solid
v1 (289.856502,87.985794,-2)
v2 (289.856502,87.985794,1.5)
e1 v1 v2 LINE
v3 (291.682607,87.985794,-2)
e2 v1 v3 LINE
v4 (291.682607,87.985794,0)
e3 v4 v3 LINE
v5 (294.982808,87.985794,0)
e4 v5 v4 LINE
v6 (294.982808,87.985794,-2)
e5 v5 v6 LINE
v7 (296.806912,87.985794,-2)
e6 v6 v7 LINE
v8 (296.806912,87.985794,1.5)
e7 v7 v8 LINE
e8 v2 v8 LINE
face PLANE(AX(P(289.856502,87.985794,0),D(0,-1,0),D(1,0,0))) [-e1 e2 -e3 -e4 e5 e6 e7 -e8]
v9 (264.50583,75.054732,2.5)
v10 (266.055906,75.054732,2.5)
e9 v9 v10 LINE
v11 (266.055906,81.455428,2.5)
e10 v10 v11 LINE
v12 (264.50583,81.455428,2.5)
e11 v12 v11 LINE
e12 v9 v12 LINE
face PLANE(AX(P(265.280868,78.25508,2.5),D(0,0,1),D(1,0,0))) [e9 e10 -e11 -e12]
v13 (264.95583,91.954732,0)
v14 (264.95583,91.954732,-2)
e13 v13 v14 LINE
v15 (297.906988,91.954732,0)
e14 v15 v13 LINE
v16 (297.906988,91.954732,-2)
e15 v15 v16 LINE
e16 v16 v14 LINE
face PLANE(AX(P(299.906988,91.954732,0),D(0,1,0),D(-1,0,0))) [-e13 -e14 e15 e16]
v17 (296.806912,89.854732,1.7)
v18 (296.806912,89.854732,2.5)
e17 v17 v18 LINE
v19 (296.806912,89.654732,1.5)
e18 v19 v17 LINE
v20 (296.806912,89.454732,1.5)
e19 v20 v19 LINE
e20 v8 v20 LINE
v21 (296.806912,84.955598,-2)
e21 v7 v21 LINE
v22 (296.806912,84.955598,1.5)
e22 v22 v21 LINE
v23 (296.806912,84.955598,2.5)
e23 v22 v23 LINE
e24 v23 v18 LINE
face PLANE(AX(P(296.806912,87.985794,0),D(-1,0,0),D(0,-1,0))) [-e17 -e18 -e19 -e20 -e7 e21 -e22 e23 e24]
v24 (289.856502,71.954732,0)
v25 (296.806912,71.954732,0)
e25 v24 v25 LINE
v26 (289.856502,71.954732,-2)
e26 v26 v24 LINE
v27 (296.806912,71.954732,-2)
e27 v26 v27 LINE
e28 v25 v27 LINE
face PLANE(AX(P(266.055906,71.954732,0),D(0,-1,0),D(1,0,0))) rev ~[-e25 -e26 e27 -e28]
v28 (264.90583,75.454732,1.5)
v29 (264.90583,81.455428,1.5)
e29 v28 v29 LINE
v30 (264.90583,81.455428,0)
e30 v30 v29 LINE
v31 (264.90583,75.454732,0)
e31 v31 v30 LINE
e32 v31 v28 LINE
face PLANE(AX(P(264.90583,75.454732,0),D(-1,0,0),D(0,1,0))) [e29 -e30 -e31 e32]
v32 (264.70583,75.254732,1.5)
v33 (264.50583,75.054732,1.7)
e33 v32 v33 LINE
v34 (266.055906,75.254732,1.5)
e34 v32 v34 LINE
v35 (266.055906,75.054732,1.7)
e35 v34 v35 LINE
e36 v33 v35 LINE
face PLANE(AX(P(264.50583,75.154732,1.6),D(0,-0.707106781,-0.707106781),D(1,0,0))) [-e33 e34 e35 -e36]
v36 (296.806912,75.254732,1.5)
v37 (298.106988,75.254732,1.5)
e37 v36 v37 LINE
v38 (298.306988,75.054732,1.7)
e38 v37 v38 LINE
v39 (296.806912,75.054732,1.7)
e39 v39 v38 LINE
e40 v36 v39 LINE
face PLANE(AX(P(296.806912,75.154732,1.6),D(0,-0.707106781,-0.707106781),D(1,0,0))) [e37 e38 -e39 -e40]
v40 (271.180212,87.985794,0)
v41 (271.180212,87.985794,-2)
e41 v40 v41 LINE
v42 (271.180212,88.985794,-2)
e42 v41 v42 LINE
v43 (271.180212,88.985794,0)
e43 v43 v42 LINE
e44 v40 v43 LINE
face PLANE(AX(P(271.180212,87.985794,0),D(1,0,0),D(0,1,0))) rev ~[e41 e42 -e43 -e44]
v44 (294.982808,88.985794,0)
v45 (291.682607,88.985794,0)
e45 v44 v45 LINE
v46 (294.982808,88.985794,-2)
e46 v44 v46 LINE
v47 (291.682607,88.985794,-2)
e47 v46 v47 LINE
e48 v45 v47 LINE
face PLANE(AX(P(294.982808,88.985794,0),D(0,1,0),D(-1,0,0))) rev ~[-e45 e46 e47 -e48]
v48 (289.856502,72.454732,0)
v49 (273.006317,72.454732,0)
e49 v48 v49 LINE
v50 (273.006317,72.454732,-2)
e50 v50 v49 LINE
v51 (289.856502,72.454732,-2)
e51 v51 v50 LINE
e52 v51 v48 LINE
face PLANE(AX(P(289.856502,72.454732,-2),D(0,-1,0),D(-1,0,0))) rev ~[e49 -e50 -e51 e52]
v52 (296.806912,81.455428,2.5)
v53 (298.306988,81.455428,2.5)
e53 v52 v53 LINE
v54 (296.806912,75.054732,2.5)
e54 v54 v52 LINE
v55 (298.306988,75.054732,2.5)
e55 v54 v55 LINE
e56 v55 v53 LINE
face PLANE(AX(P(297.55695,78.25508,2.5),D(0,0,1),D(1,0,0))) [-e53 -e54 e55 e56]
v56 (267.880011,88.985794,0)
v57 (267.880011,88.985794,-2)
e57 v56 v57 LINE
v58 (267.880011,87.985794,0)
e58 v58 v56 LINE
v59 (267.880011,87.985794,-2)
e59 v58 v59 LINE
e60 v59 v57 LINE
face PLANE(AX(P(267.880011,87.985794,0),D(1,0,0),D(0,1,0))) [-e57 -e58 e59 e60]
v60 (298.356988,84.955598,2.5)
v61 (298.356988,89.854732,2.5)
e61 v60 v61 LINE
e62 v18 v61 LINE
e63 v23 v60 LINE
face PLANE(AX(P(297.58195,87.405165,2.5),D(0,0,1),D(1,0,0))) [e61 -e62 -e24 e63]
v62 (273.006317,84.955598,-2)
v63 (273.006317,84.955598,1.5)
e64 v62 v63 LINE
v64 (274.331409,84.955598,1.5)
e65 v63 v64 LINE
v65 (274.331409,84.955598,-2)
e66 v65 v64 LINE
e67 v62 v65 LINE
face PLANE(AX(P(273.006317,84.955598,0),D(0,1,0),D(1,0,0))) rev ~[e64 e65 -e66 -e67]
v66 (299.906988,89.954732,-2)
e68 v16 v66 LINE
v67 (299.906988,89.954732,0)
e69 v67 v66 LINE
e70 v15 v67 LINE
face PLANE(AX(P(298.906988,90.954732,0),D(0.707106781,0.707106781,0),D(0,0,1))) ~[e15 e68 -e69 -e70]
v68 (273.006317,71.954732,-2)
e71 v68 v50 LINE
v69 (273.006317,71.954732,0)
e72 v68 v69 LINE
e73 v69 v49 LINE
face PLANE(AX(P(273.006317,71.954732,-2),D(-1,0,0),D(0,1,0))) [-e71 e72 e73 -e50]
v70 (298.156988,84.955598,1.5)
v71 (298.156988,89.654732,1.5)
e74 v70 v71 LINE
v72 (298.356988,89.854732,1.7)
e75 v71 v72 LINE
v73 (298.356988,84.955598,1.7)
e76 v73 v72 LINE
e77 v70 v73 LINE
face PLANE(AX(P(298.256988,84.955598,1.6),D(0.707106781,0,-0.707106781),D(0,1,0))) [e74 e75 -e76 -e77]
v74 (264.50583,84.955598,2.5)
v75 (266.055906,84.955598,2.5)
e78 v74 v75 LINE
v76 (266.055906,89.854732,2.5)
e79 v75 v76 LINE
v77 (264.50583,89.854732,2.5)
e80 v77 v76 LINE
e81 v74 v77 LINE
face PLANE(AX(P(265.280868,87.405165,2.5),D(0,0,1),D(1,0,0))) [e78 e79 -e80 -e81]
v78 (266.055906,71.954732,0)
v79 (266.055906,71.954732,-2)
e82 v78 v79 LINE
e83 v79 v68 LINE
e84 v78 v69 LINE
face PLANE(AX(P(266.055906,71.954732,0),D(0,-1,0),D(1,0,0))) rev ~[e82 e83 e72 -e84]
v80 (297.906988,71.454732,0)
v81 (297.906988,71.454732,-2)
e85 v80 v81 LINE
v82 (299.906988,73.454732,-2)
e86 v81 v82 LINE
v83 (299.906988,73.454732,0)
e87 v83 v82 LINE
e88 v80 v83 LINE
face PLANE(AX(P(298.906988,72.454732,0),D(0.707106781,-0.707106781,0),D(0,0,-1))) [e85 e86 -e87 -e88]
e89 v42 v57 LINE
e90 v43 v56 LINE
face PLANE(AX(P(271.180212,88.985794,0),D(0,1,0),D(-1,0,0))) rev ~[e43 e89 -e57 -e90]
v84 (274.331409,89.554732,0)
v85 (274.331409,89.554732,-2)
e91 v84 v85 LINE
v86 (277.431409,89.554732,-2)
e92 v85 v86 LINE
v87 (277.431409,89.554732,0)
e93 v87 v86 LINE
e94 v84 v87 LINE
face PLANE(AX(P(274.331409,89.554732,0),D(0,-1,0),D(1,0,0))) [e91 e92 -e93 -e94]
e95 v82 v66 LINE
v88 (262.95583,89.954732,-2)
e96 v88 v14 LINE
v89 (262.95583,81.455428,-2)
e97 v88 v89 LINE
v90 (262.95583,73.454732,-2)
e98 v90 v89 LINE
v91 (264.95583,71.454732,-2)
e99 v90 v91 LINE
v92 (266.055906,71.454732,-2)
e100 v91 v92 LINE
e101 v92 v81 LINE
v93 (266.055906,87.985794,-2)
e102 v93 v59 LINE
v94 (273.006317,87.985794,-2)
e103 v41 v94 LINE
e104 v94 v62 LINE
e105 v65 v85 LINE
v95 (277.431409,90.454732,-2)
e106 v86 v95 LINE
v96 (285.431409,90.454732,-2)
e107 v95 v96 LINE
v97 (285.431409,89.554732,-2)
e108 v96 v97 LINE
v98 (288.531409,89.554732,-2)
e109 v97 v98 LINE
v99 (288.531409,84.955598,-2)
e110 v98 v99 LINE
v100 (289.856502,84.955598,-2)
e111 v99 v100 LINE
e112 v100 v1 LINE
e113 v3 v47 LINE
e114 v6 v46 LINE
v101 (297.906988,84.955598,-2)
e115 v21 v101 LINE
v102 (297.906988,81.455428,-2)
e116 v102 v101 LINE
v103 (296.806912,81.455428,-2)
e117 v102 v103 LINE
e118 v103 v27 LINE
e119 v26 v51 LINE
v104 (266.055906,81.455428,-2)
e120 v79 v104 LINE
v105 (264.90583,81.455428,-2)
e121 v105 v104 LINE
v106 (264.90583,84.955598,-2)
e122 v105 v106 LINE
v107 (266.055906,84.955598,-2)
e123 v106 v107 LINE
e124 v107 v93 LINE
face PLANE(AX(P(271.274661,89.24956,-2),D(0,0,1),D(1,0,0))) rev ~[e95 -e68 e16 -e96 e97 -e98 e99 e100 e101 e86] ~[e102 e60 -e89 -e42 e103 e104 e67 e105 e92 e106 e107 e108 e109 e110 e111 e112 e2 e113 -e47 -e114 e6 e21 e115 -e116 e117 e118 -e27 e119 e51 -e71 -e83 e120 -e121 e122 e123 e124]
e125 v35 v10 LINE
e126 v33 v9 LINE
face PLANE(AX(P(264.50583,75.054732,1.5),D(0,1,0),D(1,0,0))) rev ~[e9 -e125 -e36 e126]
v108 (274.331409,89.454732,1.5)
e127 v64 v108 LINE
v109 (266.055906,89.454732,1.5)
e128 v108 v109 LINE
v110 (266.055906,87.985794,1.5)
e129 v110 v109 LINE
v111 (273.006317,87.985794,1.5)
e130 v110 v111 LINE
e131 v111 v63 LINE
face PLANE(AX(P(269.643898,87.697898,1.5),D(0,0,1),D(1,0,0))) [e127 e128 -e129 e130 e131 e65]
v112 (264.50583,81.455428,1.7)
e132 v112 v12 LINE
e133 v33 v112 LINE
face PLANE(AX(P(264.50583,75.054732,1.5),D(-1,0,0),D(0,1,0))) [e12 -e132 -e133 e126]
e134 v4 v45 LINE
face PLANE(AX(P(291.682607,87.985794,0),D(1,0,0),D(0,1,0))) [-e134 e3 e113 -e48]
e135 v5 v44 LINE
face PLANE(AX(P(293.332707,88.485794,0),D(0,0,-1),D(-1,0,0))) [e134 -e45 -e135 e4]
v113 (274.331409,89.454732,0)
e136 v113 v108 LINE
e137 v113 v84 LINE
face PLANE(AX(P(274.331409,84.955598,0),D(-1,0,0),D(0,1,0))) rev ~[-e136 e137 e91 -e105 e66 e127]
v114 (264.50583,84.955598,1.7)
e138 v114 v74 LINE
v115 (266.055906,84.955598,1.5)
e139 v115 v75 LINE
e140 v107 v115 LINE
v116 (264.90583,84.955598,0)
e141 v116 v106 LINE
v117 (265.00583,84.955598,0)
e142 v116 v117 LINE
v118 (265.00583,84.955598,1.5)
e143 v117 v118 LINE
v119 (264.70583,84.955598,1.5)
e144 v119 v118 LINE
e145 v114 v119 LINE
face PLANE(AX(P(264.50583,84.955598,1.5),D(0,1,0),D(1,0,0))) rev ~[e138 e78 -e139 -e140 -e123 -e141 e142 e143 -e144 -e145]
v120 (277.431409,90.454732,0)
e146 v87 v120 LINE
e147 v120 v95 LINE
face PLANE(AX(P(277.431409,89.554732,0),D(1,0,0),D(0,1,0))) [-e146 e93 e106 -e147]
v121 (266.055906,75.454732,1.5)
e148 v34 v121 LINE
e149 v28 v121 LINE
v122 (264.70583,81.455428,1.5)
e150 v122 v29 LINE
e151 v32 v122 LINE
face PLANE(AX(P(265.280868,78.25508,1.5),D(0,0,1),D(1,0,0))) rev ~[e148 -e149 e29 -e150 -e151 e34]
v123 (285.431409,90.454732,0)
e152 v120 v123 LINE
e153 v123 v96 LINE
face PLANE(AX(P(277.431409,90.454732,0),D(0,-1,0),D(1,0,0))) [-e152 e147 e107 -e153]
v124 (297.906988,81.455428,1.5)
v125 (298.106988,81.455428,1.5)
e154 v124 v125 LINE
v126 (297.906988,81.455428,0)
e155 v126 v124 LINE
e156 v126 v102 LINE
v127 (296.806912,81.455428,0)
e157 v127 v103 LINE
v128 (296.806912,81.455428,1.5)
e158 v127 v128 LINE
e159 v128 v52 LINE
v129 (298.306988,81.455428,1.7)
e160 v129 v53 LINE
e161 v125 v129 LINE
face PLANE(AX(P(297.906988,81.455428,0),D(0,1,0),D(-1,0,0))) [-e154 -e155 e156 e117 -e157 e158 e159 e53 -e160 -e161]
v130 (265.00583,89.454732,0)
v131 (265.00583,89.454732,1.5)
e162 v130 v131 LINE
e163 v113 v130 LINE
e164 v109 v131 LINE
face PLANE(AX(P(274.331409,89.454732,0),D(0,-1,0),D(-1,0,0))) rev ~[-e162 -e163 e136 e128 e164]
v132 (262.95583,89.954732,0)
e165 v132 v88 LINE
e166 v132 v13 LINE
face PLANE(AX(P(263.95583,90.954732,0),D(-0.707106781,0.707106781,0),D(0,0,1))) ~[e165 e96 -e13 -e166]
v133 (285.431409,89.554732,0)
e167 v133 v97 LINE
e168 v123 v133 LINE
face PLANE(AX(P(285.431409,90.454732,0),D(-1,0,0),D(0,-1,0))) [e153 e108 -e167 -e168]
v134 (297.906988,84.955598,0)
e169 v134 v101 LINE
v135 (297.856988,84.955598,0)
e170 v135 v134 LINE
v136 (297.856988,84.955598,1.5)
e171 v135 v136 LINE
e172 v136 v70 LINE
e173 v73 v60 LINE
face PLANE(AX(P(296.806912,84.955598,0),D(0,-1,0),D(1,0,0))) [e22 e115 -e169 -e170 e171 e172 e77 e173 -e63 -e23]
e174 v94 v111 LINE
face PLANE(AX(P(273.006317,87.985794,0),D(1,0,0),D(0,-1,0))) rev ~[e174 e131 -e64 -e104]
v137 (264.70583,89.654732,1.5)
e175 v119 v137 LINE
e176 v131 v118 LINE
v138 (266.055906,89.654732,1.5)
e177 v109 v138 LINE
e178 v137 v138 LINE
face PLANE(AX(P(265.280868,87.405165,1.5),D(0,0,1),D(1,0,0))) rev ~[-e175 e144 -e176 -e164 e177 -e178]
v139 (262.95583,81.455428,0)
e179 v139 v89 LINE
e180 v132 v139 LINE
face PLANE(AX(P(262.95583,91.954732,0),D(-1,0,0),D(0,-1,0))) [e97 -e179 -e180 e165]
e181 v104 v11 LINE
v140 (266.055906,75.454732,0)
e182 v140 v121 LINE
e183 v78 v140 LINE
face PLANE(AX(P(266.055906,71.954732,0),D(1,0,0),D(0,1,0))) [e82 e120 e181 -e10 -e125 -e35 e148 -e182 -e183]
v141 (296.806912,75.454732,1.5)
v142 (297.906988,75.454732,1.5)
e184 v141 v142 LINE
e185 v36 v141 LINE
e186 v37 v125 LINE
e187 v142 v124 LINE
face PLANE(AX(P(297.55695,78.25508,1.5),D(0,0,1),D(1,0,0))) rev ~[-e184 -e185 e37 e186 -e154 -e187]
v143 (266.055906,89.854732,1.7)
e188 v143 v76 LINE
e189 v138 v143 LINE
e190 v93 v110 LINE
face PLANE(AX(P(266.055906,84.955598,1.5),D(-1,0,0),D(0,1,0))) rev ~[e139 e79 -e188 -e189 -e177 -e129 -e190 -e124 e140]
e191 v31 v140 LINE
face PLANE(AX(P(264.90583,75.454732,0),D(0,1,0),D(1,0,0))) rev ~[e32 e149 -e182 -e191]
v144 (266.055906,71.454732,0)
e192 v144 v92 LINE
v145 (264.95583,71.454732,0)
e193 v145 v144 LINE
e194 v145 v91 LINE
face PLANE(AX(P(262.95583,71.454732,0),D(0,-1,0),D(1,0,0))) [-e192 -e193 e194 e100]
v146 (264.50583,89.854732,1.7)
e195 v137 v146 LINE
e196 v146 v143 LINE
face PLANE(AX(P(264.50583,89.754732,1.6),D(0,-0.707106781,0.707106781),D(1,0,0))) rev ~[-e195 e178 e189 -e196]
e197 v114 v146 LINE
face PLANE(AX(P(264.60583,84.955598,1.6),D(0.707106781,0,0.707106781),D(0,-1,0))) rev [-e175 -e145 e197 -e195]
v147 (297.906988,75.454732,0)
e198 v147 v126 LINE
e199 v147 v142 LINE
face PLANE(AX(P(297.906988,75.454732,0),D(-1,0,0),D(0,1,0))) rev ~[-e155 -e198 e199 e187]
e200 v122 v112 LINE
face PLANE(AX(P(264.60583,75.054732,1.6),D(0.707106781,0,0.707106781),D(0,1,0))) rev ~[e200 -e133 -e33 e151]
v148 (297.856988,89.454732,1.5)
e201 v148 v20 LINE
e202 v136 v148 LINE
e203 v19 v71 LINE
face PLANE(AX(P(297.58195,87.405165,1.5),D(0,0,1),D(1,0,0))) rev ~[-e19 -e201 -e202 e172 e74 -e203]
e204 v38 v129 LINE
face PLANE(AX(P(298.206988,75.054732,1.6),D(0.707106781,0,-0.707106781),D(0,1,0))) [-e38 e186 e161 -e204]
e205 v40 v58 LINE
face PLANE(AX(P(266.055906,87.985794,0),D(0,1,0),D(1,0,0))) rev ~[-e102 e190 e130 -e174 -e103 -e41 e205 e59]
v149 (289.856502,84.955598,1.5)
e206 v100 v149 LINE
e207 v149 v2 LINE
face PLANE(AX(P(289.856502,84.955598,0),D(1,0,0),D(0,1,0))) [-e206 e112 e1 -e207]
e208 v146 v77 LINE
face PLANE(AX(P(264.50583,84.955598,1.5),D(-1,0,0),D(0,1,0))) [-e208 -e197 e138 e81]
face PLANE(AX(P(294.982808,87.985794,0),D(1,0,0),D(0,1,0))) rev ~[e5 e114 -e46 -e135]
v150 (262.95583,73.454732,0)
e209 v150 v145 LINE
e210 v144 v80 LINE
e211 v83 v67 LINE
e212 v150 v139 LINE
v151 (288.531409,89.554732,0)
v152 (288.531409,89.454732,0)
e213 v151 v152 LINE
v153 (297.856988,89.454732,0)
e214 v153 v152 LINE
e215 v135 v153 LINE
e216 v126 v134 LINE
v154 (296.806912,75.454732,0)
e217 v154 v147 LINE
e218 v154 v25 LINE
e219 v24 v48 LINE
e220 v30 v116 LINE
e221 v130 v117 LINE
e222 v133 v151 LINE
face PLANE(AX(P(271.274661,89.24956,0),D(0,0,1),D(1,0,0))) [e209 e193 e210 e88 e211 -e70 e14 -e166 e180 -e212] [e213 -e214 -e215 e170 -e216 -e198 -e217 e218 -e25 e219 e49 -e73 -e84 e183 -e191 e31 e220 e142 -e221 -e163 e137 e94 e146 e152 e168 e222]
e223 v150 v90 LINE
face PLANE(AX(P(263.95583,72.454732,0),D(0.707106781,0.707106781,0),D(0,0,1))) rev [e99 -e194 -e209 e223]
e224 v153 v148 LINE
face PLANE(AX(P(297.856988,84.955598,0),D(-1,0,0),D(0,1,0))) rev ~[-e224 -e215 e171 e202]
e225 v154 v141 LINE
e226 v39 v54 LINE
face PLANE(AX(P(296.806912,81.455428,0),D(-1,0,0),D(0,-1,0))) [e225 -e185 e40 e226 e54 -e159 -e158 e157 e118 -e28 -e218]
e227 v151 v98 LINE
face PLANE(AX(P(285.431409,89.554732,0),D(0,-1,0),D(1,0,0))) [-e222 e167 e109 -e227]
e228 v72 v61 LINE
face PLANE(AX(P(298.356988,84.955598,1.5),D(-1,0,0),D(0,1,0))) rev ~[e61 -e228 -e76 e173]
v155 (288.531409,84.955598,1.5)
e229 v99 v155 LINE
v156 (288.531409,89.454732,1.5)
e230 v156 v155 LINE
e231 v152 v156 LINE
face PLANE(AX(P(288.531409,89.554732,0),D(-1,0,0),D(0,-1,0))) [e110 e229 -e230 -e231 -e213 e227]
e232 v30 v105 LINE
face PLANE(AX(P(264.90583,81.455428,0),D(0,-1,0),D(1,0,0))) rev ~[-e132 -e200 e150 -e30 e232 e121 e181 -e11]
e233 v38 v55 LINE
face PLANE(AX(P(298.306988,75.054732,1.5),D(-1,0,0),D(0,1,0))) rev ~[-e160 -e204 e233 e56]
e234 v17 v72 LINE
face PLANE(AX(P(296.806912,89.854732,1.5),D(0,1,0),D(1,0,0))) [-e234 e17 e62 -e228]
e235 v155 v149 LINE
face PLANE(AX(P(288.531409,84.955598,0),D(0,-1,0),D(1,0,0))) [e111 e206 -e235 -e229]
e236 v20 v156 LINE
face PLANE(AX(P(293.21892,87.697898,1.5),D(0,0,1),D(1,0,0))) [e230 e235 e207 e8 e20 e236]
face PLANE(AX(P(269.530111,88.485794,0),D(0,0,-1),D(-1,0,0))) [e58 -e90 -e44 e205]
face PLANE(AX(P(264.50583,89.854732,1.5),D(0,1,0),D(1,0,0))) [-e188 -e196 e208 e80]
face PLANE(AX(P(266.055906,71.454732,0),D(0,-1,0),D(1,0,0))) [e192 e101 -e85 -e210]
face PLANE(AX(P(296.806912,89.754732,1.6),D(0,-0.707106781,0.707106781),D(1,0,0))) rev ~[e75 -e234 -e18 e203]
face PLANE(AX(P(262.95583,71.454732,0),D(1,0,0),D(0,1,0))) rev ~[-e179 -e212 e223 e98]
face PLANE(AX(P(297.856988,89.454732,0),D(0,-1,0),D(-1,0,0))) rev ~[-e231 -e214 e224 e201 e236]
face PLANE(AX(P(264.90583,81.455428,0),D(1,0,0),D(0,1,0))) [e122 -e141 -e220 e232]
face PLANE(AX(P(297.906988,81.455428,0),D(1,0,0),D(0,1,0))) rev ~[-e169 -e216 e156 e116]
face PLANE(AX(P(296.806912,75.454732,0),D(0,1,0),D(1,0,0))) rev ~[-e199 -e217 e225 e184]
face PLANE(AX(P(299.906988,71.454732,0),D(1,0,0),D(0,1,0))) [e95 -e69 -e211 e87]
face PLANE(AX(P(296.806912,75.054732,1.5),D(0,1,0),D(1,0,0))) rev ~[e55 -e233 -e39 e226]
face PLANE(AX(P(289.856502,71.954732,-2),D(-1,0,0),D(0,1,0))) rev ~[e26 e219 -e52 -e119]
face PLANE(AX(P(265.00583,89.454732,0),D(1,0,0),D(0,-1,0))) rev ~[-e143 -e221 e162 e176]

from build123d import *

# Parameters (mm, degrees)
SKETCH2_W           = 30.751006124
SKETCH2_H           = 0.5
SKETCH2_W_2         = 3.100075991
SKETCH2_H_2         = 10.000695173
SKETCH2_W_3         = 2
SKETCH2_H_3         = 3.50017022
SKETCH2_W_4         = 1.95
BOSS_EXTRUDE1_DEPTH = 2
SKETCH3_W           = 1.150075991
SKETCH3_H           = 6.000695173
SKETCH3_W_2         = 1.100075991
BOSS_EXTRUDE2_DEPTH = 1.5
SKETCH4_W           = 1.550075991
SKETCH4_H           = 4.899134607
SKETCH4_H_2         = 6.400695173
SKETCH4_W_2         = 1.500075991
BOSS_EXTRUDE3_DEPTH = 1
CHAMFER1_SIZE       = 0.2
CUT_EXTRUDE1_START  = -2
SKETCH5_W           = 3.300200616
SKETCH5_H           = 1
SKETCH5_W_2         = 3.300200617
CUT_EXTRUDE1_DEPTH  = 2
SKETCH8_W           = 16.850185419
SKETCH8_H           = 0.5
BOSS_EXTRUDE4_DEPTH = 2
CHAMFER2_SIZE       = 2


with BuildPart() as part:
    # Sketch2 → Boss-Extrude1 (new body)
    with BuildSketch(Plane.XY):
        Polygon((277.431409328, 90.45473243), (281.431409328, 90.45473243), (281.431409328, 91.95473243), (262.955830275, 91.95473243), (262.955830275, 84.955597823), (264.905830275, 84.955597823), (266.055906266, 84.955597823), (266.055906266, 87.985794184), (273.006316619, 87.985794184), (273.006316619, 84.955597823), (274.331409328, 84.955597823), (274.331409328, 89.55473243), (277.431409328, 89.55473243), align=None)
        Polygon((281.431409328, 91.95473243), (281.431409328, 90.45473243), (285.431409328, 90.45473243), (285.431409328, 89.55473243), (288.531409328, 89.55473243), (288.531409328, 84.955597823), (289.856502038, 84.955597823), (289.856502038, 87.985794184), (296.80691239, 87.985794184), (296.80691239, 84.955597823), (297.906988381, 84.955597823), (299.906988381, 84.955597823), (299.906988381, 91.95473243), align=None)
        with Locations((281.431409328, 71.70473243)):
            Rectangle(SKETCH2_W, SKETCH2_H)
        with Locations((264.505868271, 76.455080017)):
            Rectangle(SKETCH2_W_2, SKETCH2_H_2)
        Polygon((299.906988381, 71.45473243), (299.906988381, 81.455427603), (297.906988381, 81.455427603), (296.80691239, 81.455427603), (296.80691239, 71.95473243), (296.80691239, 71.45473243), align=None)
        with Locations((298.906988381, 83.205512713)):
            Rectangle(SKETCH2_W_3, SKETCH2_H_3)
        with Locations((263.930830275, 83.205512713)):
            Rectangle(SKETCH2_W_4, SKETCH2_H_3)
    extrude(amount=-BOSS_EXTRUDE1_DEPTH)

    # Sketch3 → Boss-Extrude2 (add)
    with BuildSketch(Plane.XY):
        Polygon((265.005830275, 84.955597823), (266.055906266, 84.955597823), (266.055906266, 87.985794184), (273.006316619, 87.985794184), (273.006316619, 84.955597823), (274.331409328, 84.955597823), (274.331409328, 89.45473243), (265.005830275, 89.45473243), align=None)
        with Locations((265.480868271, 78.455080017)):
            Rectangle(SKETCH3_W, SKETCH3_H)
        with Locations((297.356950385, 78.455080017)):
            Rectangle(SKETCH3_W_2, SKETCH3_H)
        Polygon((288.531409328, 89.45473243), (288.531409328, 84.955597823), (289.856502038, 84.955597823), (289.856502038, 87.985794184), (296.80691239, 87.985794184), (296.80691239, 84.955597823), (297.856988381, 84.955597823), (297.856988381, 89.45473243), align=None)
    extrude(amount=BOSS_EXTRUDE2_DEPTH)

    # Sketch4 → Boss-Extrude3 (add)
    with BuildSketch(Plane.XY.offset(1.5)):
        with Locations((265.280868271, 87.405165127)):
            Rectangle(SKETCH4_W, SKETCH4_H)
        with Locations((265.280868271, 78.255080017)):
            Rectangle(SKETCH4_W, SKETCH4_H_2)
        with Locations((297.556950386, 78.255080017)):
            Rectangle(SKETCH4_W_2, SKETCH4_H_2)
        with Locations((297.581950386, 87.405165127)):
            Rectangle(SKETCH4_W, SKETCH4_H)
    extrude(amount=BOSS_EXTRUDE3_DEPTH)

    # Chamfer1
    chamfer1_edges = [part.edges().sort_by_distance(p)[0] for p in [
        (298.356988381, 87.405165127, 1.5),
        (297.581950386, 89.85473243, 1.5),
        (297.556950386, 75.05473243, 1.5),
        (298.306988381, 78.255080016, 1.5),
        (265.280868271, 75.05473243, 1.5),
        (264.505830275, 78.255080016, 1.5),
        (265.280868271, 89.85473243, 1.5),
        (264.505830275, 87.405165127, 1.5),
    ]]
    chamfer(chamfer1_edges, length=CHAMFER1_SIZE)

    # Sketch5 → Cut-Extrude1 (cut)
    with BuildSketch(Plane(origin=(0, 0, -2), x_dir=(-1, 0, 0), z_dir=(0, 0, -1)).offset(CUT_EXTRUDE1_START)):
        with Locations((-269.530111382, 88.485794184)):
            Rectangle(SKETCH5_W, SKETCH5_H)
        with Locations((-293.332707275, 88.485794184)):
            Rectangle(SKETCH5_W_2, SKETCH5_H)
    extrude(amount=CUT_EXTRUDE1_DEPTH, mode=Mode.SUBTRACT)

    # Sketch8 → Boss-Extrude4 (add)
    with BuildSketch(Plane(origin=(0, 0, -2), x_dir=(-1, 0, 0), z_dir=(0, 0, -1))):
        with Locations((-281.431409329, 72.20473243)):
            Rectangle(SKETCH8_W, SKETCH8_H)
    extrude(amount=-BOSS_EXTRUDE4_DEPTH)

    # Chamfer2
    chamfer2_edges = [part.edges().sort_by_distance(p)[0] for p in [
        (262.955830275, 91.95473243, -1),
        (299.906988381, 91.95473243, -1),
        (262.955830275, 71.45473243, -1),
        (299.906988381, 71.45473243, -1),
    ]]
    chamfer(chamfer2_edges, length=CHAMFER2_SIZE)


solid = part.part
